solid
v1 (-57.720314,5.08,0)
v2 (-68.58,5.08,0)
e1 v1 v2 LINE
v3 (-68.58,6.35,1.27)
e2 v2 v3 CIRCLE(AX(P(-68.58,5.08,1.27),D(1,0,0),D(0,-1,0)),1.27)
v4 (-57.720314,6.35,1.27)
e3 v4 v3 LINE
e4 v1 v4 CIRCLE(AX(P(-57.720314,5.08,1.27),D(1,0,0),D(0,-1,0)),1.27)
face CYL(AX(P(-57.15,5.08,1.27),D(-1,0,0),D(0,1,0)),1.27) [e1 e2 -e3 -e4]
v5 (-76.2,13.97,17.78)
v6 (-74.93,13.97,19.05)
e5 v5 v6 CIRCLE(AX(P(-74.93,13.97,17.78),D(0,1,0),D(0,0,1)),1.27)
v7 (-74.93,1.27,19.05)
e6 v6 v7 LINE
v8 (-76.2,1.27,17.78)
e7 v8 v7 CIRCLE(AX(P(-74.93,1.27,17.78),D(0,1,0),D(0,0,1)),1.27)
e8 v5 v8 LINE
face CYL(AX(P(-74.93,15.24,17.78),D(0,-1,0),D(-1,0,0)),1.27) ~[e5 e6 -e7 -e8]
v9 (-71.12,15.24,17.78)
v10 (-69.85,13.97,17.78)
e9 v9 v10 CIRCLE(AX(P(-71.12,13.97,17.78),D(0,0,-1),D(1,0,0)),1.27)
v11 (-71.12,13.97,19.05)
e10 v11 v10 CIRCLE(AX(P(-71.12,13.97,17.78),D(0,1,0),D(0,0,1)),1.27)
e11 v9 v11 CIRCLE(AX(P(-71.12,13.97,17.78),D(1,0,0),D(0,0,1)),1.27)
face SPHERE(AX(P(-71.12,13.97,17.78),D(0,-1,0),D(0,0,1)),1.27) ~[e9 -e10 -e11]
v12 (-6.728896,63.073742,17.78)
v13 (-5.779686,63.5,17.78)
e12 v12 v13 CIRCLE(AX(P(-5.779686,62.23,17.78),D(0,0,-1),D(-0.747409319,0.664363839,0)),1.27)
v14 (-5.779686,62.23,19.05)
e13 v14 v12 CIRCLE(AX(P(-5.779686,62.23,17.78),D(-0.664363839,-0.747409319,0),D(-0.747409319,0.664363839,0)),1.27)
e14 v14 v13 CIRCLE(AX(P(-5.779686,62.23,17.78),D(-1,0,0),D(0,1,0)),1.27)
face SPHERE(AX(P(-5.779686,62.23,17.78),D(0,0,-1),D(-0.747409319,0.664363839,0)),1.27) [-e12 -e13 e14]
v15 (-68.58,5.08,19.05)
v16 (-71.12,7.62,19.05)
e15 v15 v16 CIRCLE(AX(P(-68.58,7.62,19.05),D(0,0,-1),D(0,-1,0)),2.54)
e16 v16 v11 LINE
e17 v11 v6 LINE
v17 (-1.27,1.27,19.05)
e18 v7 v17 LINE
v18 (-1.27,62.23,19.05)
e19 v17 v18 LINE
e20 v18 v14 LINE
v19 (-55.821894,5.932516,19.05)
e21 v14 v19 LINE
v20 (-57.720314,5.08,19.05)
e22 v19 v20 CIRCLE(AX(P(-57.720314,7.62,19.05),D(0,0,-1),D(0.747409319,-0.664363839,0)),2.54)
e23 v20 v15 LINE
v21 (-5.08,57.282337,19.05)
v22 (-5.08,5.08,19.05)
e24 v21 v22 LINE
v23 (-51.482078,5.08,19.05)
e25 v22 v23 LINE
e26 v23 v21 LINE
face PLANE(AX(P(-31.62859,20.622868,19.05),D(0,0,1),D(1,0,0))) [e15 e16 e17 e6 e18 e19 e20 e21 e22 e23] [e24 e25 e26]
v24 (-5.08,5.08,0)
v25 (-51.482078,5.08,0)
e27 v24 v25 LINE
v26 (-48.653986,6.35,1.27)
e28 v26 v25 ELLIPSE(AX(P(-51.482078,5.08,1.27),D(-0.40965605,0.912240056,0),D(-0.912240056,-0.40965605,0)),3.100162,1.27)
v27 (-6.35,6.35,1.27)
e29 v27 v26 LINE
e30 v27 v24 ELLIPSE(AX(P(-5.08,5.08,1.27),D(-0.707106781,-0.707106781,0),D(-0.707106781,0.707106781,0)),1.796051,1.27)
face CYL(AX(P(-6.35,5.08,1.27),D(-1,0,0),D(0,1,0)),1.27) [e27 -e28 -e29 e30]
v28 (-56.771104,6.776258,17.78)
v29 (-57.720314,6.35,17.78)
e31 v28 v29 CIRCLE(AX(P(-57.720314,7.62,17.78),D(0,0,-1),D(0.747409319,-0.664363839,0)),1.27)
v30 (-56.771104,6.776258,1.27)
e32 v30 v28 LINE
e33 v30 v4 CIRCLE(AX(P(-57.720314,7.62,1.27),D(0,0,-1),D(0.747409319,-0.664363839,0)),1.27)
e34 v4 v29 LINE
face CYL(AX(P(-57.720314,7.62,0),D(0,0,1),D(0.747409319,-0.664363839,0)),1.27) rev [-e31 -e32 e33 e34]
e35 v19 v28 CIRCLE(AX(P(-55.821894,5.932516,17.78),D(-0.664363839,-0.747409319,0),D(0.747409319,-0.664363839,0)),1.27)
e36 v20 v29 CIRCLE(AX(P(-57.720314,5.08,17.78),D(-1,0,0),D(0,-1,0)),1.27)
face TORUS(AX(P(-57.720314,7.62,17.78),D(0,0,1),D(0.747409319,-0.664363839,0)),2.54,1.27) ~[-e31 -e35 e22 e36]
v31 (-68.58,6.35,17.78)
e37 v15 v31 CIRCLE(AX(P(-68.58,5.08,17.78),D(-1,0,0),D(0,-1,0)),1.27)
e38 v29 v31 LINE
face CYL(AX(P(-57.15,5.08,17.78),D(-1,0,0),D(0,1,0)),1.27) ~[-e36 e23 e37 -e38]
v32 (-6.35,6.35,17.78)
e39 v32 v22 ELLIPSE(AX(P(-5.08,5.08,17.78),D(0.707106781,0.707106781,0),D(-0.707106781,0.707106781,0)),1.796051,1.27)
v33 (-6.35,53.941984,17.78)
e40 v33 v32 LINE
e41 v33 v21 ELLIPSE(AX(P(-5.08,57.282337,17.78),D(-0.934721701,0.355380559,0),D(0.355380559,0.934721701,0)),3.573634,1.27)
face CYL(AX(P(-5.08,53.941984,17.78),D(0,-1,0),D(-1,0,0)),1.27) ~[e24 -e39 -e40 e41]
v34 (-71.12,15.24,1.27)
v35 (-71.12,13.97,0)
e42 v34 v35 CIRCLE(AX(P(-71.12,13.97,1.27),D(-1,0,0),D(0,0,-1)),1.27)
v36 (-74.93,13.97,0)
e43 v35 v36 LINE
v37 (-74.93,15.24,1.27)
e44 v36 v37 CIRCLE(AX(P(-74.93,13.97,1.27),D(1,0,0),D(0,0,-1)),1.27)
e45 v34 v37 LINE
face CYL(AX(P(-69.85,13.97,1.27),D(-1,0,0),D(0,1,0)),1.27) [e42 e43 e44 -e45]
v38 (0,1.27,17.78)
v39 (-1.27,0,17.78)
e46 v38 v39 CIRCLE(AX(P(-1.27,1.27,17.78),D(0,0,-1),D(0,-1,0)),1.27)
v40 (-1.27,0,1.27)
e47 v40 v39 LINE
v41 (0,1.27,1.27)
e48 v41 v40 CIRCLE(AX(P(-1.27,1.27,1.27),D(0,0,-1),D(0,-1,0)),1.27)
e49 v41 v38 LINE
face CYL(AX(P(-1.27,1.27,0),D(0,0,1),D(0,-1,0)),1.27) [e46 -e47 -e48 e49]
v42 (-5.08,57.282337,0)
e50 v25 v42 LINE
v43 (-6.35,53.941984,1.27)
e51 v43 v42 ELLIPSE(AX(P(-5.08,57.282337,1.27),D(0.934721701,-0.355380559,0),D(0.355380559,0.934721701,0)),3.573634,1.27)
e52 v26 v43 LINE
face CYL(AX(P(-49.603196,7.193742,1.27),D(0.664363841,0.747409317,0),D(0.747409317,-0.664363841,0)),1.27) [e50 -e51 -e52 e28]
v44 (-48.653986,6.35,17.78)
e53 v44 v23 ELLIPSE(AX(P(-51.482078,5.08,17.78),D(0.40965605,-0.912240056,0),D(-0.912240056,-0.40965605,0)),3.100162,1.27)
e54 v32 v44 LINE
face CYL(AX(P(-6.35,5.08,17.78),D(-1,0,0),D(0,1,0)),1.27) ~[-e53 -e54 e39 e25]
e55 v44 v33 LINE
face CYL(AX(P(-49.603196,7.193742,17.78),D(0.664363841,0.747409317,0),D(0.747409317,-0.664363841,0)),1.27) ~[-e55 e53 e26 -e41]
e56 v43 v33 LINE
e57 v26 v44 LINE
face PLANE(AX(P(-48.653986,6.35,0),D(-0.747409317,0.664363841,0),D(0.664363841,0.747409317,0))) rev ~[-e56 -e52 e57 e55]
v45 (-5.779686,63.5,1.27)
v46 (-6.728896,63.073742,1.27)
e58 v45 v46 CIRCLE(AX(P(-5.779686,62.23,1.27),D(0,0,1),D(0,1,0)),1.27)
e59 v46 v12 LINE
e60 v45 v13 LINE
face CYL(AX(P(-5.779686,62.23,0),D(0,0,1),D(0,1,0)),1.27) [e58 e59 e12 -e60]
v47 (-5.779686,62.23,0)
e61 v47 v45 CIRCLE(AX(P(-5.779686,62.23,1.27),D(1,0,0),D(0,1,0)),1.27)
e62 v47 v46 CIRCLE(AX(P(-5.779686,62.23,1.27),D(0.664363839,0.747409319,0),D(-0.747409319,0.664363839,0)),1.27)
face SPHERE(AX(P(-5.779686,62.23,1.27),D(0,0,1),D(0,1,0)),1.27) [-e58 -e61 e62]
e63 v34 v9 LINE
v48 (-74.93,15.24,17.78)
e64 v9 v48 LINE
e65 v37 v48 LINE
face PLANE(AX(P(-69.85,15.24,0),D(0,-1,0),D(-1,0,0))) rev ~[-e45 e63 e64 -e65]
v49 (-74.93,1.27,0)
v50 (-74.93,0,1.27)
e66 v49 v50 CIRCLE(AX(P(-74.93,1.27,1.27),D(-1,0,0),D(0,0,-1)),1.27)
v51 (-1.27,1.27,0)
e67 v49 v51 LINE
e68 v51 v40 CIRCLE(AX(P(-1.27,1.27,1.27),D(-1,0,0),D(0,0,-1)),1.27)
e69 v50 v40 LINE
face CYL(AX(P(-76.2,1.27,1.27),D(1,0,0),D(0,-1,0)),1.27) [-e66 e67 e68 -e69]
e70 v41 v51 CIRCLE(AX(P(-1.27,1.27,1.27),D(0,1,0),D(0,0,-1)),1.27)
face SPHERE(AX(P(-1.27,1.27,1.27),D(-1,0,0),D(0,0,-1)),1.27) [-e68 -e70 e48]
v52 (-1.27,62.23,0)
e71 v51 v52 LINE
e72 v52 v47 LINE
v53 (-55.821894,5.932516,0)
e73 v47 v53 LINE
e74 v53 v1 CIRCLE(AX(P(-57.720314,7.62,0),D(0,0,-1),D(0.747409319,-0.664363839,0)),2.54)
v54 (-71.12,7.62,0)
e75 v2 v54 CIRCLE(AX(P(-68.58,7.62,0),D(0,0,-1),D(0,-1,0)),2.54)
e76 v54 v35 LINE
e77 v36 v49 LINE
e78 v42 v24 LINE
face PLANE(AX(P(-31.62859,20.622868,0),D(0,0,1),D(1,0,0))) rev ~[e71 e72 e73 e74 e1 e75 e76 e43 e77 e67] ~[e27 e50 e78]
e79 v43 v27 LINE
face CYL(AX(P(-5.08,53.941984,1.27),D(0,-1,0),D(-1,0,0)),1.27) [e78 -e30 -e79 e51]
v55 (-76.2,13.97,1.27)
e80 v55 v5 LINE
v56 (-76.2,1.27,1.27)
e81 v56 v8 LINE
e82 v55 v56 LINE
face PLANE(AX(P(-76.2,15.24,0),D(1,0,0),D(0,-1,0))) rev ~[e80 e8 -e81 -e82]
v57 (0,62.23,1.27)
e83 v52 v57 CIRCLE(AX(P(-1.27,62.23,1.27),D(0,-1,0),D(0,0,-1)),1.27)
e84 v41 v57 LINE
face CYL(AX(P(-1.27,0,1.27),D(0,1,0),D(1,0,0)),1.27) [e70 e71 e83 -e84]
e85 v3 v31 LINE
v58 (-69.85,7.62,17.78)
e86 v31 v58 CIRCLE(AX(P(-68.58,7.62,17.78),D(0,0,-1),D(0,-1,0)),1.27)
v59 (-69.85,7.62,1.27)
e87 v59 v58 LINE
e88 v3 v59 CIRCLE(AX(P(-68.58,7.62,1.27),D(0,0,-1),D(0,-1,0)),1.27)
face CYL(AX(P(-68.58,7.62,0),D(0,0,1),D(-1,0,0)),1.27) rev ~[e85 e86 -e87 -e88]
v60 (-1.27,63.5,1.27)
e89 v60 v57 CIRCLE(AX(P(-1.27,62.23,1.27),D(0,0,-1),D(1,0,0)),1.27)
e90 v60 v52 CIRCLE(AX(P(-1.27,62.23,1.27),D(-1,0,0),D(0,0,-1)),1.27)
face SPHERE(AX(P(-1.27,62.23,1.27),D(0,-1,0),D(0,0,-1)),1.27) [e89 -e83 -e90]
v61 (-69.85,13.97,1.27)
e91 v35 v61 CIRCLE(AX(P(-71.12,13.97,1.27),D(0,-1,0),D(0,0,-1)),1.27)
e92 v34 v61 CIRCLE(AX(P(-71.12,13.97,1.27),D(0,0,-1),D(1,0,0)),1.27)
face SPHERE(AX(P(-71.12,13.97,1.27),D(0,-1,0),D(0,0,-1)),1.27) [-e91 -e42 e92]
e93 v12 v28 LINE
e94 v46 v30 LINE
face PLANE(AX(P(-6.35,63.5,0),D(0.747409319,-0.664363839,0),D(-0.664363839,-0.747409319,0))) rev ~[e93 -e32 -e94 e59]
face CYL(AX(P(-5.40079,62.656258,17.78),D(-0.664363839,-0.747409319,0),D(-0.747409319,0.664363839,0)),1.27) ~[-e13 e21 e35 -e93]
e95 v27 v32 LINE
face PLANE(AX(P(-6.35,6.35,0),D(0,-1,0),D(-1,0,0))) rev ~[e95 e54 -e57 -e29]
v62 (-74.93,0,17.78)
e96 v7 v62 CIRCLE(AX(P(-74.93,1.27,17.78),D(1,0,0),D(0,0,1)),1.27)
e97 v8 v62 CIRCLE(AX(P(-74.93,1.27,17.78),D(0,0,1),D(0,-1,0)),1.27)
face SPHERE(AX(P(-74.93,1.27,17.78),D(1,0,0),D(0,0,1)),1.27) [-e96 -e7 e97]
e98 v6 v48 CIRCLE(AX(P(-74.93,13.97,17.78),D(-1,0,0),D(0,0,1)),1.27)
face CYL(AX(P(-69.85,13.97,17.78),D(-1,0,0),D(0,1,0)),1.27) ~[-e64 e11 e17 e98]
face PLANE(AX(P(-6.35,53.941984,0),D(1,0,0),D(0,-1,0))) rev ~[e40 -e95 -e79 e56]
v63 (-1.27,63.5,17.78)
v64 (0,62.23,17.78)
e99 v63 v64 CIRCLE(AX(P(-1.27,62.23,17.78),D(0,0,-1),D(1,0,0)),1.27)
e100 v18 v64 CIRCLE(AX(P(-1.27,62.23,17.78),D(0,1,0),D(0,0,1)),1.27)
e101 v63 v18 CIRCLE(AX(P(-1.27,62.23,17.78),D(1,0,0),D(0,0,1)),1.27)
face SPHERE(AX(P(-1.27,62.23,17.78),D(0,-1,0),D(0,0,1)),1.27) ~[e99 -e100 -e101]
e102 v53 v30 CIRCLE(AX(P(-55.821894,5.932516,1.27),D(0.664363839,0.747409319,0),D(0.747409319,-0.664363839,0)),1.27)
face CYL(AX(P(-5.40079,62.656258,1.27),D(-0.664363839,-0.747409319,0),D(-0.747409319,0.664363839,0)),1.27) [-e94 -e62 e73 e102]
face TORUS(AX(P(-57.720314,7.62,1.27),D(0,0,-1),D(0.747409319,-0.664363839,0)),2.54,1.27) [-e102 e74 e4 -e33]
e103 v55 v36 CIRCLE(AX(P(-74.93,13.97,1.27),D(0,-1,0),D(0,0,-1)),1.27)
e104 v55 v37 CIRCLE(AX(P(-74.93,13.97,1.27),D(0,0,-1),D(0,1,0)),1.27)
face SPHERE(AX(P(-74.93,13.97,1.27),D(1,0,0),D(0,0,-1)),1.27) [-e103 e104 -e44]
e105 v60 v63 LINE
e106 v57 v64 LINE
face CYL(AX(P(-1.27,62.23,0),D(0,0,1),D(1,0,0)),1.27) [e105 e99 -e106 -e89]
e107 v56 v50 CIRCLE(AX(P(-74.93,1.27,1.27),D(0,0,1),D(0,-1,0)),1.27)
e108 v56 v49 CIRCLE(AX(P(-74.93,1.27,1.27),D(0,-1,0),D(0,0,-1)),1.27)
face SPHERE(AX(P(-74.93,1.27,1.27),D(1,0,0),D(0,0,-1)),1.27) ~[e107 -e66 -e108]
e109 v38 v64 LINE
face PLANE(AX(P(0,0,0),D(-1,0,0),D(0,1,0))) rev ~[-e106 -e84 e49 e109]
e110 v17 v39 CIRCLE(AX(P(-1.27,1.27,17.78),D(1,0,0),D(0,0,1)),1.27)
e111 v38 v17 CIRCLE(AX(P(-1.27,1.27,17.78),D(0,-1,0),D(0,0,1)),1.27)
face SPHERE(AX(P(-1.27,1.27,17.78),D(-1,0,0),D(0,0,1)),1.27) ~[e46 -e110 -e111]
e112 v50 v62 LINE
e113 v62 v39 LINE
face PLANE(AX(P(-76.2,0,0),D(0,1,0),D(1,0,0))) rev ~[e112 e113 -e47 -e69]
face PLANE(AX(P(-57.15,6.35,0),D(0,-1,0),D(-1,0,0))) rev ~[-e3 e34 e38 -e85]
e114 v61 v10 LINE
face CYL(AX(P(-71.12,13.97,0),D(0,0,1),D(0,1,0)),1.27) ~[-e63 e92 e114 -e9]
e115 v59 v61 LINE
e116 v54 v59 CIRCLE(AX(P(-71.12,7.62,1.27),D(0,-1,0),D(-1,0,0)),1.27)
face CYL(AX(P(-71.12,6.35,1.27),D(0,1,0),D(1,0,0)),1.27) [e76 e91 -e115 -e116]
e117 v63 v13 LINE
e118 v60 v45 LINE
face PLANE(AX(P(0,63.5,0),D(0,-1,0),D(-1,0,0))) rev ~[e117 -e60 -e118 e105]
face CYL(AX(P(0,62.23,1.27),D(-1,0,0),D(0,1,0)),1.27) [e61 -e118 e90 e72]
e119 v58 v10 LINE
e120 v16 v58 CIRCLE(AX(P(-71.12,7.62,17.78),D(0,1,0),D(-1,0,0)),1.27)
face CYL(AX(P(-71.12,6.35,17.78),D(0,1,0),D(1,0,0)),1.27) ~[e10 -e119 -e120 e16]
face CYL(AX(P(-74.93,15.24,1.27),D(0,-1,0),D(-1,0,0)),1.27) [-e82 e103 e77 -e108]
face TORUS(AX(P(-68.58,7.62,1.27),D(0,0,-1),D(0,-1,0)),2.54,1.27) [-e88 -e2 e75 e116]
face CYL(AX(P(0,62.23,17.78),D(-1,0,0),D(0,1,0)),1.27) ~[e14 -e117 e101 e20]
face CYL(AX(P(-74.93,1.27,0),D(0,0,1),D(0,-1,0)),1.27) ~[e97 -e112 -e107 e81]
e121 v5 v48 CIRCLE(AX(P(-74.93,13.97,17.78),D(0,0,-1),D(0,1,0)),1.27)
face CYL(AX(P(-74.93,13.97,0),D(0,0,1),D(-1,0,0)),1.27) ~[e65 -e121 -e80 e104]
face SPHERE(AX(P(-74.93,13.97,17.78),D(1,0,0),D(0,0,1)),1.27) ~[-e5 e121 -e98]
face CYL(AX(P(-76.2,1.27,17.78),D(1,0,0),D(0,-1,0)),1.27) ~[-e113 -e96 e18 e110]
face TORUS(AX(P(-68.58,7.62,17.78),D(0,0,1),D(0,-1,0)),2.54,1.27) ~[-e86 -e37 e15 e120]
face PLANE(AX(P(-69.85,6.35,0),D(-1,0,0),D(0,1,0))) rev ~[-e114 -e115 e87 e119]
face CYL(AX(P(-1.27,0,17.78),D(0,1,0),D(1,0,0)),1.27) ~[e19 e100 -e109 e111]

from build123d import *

# Parameters (mm, degrees)
F1_DEPTH = 19.05
F2_R     = 1.27


with BuildPart() as f1:
    # F0 (on Top) → F1 (new body)
    with BuildSketch(Plane.XY):
        Polygon((-76.2, 0), (0, 0), (0, 63.5), (-6.35, 63.5), (-57.15, 6.35), (-69.85, 6.35), (-69.85, 15.24), (-76.2, 15.24), align=None)
        Polygon((-6.35, 6.35), (-48.653986, 6.35), (-6.35, 53.941984), align=None, mode=Mode.SUBTRACT)
    extrude(amount=F1_DEPTH)

    # F2
    f2_edges = [f1.edges().sort_by_distance(p)[0] for p in [
        (-31.75, 34.925, 19.05),
        (-38.1, 0, 19.05),
        (0, 31.75, 19.05),
        (-3.175, 63.5, 19.05),
        (-63.5, 6.35, 19.05),
        (-69.85, 10.795, 19.05),
        (-73.025, 15.24, 19.05),
        (-76.2, 7.62, 19.05),
        (-27.501993, 6.35, 19.05),
        (-27.501993, 30.145992, 19.05),
        (-6.35, 30.145992, 19.05),
        (-38.1, 0, 0),
        (0, 31.75, 0),
        (-3.175, 63.5, 0),
        (-31.75, 34.925, 0),
        (-63.5, 6.35, 0),
        (-69.85, 10.795, 0),
        (-73.025, 15.24, 0),
        (-76.2, 7.62, 0),
        (-27.501993, 6.35, 0),
        (-27.501993, 30.145992, 0),
        (-6.35, 30.145992, 0),
        (-69.85, 6.35, 9.525),
        (-69.85, 15.24, 9.525),
        (-76.2, 15.24, 9.525),
        (0, 0, 9.525),
        (0, 63.5, 9.525),
        (-6.35, 63.5, 9.525),
        (-57.15, 6.35, 9.525),
        (-76.2, 0, 9.525),
    ]]
    fillet(f2_edges, radius=F2_R)


solid = f1.part
